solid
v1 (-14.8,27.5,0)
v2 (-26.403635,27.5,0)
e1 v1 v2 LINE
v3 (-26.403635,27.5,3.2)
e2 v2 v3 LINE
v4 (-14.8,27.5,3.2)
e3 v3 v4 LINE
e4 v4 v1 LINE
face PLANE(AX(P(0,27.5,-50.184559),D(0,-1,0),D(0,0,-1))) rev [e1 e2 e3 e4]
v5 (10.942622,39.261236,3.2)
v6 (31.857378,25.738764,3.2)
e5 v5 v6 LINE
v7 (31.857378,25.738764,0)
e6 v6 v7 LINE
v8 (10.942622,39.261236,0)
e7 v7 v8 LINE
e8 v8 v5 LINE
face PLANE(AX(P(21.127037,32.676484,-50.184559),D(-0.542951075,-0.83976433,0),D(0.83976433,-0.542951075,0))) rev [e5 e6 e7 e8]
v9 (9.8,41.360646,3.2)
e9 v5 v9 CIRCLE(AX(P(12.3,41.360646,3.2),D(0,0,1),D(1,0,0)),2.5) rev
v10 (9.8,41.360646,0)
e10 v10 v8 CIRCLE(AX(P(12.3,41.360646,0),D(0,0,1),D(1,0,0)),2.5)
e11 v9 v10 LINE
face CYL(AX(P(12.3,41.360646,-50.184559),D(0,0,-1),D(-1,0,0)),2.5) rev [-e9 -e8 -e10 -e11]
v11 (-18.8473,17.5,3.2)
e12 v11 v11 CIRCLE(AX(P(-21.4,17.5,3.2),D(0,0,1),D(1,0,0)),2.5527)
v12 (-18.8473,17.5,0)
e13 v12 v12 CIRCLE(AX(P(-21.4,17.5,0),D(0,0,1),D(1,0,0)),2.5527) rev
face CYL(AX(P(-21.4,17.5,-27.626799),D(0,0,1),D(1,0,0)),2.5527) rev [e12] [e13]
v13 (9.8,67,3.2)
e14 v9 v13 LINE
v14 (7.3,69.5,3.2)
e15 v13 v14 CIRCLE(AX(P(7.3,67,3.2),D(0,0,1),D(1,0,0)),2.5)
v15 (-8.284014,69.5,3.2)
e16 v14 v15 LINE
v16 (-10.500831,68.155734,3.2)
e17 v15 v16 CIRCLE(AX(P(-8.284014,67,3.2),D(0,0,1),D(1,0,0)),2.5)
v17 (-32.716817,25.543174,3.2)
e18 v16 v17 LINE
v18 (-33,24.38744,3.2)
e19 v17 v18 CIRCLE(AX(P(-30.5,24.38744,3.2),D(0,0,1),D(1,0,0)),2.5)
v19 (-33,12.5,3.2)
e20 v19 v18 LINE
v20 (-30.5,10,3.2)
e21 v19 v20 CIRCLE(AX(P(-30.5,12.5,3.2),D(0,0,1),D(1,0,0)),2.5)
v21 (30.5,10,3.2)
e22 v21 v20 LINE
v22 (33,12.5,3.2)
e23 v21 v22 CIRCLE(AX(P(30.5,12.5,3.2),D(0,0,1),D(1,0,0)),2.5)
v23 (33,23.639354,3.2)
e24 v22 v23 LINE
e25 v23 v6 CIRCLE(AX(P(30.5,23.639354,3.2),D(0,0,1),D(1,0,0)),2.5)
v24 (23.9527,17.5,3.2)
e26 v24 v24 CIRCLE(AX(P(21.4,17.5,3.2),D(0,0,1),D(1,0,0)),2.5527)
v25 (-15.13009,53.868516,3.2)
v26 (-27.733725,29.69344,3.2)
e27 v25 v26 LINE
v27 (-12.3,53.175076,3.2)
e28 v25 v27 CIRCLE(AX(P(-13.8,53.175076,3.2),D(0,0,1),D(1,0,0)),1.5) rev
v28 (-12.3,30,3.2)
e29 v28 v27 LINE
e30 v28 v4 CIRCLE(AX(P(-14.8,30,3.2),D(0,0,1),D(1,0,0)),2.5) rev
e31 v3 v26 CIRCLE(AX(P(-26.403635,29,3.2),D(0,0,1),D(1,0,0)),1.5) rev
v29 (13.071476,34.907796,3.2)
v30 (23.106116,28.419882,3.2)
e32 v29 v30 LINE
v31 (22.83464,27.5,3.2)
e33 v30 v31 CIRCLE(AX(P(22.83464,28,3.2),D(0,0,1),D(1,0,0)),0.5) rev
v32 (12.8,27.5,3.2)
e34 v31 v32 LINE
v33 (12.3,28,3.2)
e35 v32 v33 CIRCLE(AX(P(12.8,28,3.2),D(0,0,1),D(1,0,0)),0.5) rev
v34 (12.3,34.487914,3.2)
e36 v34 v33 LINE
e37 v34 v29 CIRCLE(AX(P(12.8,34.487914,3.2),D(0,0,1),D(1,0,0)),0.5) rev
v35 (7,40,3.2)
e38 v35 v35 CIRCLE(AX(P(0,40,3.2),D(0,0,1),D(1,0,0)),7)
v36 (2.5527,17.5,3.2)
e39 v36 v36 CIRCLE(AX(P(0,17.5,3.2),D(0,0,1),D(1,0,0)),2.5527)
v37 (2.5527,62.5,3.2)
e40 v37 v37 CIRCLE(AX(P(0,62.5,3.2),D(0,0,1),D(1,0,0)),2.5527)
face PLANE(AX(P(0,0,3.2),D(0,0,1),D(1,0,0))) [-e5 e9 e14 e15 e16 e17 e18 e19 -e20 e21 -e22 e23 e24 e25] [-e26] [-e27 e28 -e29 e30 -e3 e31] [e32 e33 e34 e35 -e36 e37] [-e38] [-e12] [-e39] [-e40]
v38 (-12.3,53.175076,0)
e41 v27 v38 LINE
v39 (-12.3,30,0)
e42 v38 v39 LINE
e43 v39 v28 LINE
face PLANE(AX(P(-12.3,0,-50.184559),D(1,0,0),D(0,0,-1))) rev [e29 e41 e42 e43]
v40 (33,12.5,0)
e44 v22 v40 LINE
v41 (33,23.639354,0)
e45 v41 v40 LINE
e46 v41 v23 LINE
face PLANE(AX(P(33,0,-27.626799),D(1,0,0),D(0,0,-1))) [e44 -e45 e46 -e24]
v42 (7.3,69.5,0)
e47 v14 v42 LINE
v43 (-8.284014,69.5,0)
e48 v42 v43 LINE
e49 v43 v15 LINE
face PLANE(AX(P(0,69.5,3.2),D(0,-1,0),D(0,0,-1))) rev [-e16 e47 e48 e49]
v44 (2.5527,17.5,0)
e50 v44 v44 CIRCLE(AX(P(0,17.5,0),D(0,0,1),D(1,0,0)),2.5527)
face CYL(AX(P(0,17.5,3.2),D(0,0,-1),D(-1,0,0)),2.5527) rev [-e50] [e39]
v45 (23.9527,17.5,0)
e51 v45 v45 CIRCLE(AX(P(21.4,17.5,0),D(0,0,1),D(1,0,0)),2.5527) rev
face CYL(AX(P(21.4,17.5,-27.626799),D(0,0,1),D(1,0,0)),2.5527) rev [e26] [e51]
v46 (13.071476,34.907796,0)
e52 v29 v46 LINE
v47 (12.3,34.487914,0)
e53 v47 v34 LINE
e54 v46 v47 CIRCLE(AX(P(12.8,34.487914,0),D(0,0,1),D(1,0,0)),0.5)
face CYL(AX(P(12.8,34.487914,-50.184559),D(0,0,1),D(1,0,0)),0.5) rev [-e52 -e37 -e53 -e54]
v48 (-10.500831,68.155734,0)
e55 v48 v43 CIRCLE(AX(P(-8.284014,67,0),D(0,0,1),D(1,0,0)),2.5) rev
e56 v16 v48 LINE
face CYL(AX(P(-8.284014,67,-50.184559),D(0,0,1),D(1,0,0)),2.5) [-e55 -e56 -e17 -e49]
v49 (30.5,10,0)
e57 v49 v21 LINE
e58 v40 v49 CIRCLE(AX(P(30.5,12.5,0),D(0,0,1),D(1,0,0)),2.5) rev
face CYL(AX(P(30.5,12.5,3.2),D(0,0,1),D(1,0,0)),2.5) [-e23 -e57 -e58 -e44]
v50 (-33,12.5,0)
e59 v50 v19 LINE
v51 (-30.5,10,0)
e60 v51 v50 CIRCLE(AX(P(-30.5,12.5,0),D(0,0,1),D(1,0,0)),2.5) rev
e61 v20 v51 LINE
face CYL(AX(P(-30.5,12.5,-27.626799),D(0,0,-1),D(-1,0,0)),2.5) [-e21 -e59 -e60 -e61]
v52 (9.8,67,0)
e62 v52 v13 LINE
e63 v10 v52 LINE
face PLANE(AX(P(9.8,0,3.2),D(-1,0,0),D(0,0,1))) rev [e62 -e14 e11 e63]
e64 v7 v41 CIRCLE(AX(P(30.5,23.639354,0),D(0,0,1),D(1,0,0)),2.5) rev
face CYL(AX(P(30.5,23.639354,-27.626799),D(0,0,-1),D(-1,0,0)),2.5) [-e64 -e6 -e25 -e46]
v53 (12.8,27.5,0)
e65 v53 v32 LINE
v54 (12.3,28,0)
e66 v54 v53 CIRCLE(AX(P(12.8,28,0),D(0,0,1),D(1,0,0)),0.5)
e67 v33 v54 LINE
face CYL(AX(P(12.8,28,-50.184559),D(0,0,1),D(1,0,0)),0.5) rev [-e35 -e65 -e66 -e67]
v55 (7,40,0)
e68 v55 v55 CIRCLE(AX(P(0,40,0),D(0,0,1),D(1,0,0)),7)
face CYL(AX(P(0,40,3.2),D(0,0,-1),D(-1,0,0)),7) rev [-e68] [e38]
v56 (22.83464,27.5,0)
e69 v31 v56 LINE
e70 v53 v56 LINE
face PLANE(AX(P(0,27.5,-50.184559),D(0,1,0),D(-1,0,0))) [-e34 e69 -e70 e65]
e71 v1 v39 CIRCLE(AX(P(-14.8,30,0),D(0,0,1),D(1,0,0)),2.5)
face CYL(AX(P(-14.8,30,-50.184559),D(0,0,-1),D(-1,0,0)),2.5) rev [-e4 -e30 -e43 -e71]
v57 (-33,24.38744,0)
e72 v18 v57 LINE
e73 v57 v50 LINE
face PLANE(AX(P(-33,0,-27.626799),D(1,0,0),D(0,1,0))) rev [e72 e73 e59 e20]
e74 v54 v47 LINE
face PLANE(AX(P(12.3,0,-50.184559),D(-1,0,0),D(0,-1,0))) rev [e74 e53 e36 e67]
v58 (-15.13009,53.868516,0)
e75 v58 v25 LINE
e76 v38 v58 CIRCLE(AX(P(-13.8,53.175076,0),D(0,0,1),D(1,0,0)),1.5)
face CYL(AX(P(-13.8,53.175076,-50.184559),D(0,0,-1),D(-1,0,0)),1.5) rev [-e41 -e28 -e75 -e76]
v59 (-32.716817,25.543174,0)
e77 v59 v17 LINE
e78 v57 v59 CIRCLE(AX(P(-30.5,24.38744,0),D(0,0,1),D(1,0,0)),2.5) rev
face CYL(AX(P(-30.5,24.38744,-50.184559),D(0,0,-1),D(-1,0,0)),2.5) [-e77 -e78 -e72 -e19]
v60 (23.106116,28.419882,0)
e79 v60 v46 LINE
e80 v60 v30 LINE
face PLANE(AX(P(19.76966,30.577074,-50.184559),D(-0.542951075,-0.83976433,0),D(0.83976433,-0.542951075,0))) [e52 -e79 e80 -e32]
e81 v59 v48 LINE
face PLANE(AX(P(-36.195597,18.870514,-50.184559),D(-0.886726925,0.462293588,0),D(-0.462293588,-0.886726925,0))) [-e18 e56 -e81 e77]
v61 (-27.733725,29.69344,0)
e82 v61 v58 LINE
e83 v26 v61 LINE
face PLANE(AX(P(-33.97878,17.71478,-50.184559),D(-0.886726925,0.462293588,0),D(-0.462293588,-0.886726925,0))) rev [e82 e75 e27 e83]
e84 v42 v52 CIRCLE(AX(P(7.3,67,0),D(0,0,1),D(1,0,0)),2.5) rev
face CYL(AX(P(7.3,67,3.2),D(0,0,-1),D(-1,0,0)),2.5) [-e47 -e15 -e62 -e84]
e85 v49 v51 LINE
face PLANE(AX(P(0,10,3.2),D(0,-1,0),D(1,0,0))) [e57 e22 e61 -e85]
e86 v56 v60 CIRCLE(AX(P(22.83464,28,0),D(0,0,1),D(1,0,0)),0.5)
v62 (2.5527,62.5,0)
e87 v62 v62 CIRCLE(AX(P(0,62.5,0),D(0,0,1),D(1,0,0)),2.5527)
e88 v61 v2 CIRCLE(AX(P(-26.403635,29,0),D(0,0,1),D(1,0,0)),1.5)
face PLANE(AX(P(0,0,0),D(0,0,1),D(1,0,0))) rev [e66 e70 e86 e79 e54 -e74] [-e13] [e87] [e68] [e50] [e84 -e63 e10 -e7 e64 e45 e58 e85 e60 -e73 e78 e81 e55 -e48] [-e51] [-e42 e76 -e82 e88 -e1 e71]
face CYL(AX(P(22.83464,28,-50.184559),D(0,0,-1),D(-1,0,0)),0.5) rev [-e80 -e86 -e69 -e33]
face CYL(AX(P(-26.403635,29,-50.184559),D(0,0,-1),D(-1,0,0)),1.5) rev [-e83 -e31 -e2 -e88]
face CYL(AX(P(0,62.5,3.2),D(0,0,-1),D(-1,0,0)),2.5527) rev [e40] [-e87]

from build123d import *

# Parameters (mm, degrees)
SKETCH1_W                          = 19.6
SKETCH1_H                          = 44.5
SKETCH1_R                          = 2.5527
SKETCH1_R_2                        = 7
SKETCH1_H_2                        = 15
BOSS_EXTRUDE1_DEPTH                = 3.2
SKETCH2_W                          = 23.2
SKETCH2_H                          = 15
SKETCH2_R                          = 2.5527
T_SHAPE_EXTENSION_DEPTH            = 3.2
ASYMMETRIC_TRIANGLE_SUPPORTS_DEPTH = 3.2
FILLET1_R                          = 1.5
FILLET2_R                          = 2.5
FILLET3_R                          = 0.5
FILLET4_R                          = 2.5


with BuildPart() as part:
    # Sketch1 → Boss-Extrude1 (new body)
    # profile 1 of 2: a face of its own
    with BuildSketch(Plane.XY):
        with Locations((0, 47.25)):
            Rectangle(SKETCH1_W, SKETCH1_H)
        with Locations((0, 62.5)):
            Circle(SKETCH1_R, mode=Mode.SUBTRACT)
        with Locations((0, 40)):
            Circle(SKETCH1_R_2, mode=Mode.SUBTRACT)
    # profile 2 of 2: a face of its own
    with BuildSketch(Plane.XY):
        with Locations((0, 17.5)):
            Rectangle(SKETCH1_W, SKETCH1_H_2)
        with Locations((0, 17.5)):
            Circle(SKETCH1_R, mode=Mode.SUBTRACT)
    extrude(amount=BOSS_EXTRUDE1_DEPTH)

    # Sketch2 → T-shape Extension (add)
    # profile 1 of 2: a face of its own
    with BuildSketch(Plane.XY.offset(3.2)):
        with Locations((21.4, 17.5)):
            Rectangle(SKETCH2_W, SKETCH2_H)
        with Locations((21.4, 17.5)):
            Circle(SKETCH2_R, mode=Mode.SUBTRACT)
    # profile 2 of 2: a face of its own
    with BuildSketch(Plane.XY.offset(3.2)):
        with Locations((-21.4, 17.5)):
            Rectangle(SKETCH2_W, SKETCH2_H)
        with Locations((-21.4, 17.5)):
            Circle(SKETCH2_R, mode=Mode.SUBTRACT)
    extrude(amount=-T_SHAPE_EXTENSION_DEPTH)

    # Sketch8 → Asymmetric Triangle Supports (add)
    # profile 1 of 2: a face of its own
    with BuildSketch(Plane.XY.offset(3.2)):
        Polygon((-9.8, 69.5), (-33, 25), (-9.8, 25), align=None)
        Polygon((-12.3, 59.296922481), (-12.3, 27.5), (-28.877271945, 27.5), align=None, mode=Mode.SUBTRACT)
    # profile 2 of 2: a face of its own
    with BuildSketch(Plane.XY.offset(3.2)):
        Polygon((9.8, 25), (33, 25), (9.8, 40), align=None)
        Polygon((12.3, 27.5), (12.3, 35.40659498), (24.528866903, 27.5), align=None, mode=Mode.SUBTRACT)
    extrude(amount=-ASYMMETRIC_TRIANGLE_SUPPORTS_DEPTH)

    # Fillet1
    fillet1_edges = [part.edges().sort_by_distance(p)[0] for p in [
        (-28.877271945, 27.5, 1.6),
        (-12.3, 59.296922481, 1.6),
    ]]
    fillet(fillet1_edges, radius=FILLET1_R)

    # Fillet2
    fillet2_edges = [part.edges().sort_by_distance(p)[0] for p in [
        (-12.3, 27.5, 1.6),
    ]]
    fillet(fillet2_edges, radius=FILLET2_R)

    # Fillet3
    fillet3_edges = [part.edges().sort_by_distance(p)[0] for p in [
        (24.528866903, 27.5, 1.6),
        (12.3, 27.5, 1.6),
        (12.3, 35.40659498, 1.6),
    ]]
    fillet(fillet3_edges, radius=FILLET3_R)

    # Fillet4
    fillet4_edges = [part.edges().sort_by_distance(p)[0] for p in [
        (-9.8, 69.5, 1.6),
        (9.8, 69.5, 1.6),
        (33, 25, 1.6),
        (33, 10, 1.6),
        (-33, 10, 1.6),
        (-33, 25, 1.6),
        (9.8, 40, 1.6),
    ]]
    fillet(fillet4_edges, radius=FILLET4_R)


solid = part.part
